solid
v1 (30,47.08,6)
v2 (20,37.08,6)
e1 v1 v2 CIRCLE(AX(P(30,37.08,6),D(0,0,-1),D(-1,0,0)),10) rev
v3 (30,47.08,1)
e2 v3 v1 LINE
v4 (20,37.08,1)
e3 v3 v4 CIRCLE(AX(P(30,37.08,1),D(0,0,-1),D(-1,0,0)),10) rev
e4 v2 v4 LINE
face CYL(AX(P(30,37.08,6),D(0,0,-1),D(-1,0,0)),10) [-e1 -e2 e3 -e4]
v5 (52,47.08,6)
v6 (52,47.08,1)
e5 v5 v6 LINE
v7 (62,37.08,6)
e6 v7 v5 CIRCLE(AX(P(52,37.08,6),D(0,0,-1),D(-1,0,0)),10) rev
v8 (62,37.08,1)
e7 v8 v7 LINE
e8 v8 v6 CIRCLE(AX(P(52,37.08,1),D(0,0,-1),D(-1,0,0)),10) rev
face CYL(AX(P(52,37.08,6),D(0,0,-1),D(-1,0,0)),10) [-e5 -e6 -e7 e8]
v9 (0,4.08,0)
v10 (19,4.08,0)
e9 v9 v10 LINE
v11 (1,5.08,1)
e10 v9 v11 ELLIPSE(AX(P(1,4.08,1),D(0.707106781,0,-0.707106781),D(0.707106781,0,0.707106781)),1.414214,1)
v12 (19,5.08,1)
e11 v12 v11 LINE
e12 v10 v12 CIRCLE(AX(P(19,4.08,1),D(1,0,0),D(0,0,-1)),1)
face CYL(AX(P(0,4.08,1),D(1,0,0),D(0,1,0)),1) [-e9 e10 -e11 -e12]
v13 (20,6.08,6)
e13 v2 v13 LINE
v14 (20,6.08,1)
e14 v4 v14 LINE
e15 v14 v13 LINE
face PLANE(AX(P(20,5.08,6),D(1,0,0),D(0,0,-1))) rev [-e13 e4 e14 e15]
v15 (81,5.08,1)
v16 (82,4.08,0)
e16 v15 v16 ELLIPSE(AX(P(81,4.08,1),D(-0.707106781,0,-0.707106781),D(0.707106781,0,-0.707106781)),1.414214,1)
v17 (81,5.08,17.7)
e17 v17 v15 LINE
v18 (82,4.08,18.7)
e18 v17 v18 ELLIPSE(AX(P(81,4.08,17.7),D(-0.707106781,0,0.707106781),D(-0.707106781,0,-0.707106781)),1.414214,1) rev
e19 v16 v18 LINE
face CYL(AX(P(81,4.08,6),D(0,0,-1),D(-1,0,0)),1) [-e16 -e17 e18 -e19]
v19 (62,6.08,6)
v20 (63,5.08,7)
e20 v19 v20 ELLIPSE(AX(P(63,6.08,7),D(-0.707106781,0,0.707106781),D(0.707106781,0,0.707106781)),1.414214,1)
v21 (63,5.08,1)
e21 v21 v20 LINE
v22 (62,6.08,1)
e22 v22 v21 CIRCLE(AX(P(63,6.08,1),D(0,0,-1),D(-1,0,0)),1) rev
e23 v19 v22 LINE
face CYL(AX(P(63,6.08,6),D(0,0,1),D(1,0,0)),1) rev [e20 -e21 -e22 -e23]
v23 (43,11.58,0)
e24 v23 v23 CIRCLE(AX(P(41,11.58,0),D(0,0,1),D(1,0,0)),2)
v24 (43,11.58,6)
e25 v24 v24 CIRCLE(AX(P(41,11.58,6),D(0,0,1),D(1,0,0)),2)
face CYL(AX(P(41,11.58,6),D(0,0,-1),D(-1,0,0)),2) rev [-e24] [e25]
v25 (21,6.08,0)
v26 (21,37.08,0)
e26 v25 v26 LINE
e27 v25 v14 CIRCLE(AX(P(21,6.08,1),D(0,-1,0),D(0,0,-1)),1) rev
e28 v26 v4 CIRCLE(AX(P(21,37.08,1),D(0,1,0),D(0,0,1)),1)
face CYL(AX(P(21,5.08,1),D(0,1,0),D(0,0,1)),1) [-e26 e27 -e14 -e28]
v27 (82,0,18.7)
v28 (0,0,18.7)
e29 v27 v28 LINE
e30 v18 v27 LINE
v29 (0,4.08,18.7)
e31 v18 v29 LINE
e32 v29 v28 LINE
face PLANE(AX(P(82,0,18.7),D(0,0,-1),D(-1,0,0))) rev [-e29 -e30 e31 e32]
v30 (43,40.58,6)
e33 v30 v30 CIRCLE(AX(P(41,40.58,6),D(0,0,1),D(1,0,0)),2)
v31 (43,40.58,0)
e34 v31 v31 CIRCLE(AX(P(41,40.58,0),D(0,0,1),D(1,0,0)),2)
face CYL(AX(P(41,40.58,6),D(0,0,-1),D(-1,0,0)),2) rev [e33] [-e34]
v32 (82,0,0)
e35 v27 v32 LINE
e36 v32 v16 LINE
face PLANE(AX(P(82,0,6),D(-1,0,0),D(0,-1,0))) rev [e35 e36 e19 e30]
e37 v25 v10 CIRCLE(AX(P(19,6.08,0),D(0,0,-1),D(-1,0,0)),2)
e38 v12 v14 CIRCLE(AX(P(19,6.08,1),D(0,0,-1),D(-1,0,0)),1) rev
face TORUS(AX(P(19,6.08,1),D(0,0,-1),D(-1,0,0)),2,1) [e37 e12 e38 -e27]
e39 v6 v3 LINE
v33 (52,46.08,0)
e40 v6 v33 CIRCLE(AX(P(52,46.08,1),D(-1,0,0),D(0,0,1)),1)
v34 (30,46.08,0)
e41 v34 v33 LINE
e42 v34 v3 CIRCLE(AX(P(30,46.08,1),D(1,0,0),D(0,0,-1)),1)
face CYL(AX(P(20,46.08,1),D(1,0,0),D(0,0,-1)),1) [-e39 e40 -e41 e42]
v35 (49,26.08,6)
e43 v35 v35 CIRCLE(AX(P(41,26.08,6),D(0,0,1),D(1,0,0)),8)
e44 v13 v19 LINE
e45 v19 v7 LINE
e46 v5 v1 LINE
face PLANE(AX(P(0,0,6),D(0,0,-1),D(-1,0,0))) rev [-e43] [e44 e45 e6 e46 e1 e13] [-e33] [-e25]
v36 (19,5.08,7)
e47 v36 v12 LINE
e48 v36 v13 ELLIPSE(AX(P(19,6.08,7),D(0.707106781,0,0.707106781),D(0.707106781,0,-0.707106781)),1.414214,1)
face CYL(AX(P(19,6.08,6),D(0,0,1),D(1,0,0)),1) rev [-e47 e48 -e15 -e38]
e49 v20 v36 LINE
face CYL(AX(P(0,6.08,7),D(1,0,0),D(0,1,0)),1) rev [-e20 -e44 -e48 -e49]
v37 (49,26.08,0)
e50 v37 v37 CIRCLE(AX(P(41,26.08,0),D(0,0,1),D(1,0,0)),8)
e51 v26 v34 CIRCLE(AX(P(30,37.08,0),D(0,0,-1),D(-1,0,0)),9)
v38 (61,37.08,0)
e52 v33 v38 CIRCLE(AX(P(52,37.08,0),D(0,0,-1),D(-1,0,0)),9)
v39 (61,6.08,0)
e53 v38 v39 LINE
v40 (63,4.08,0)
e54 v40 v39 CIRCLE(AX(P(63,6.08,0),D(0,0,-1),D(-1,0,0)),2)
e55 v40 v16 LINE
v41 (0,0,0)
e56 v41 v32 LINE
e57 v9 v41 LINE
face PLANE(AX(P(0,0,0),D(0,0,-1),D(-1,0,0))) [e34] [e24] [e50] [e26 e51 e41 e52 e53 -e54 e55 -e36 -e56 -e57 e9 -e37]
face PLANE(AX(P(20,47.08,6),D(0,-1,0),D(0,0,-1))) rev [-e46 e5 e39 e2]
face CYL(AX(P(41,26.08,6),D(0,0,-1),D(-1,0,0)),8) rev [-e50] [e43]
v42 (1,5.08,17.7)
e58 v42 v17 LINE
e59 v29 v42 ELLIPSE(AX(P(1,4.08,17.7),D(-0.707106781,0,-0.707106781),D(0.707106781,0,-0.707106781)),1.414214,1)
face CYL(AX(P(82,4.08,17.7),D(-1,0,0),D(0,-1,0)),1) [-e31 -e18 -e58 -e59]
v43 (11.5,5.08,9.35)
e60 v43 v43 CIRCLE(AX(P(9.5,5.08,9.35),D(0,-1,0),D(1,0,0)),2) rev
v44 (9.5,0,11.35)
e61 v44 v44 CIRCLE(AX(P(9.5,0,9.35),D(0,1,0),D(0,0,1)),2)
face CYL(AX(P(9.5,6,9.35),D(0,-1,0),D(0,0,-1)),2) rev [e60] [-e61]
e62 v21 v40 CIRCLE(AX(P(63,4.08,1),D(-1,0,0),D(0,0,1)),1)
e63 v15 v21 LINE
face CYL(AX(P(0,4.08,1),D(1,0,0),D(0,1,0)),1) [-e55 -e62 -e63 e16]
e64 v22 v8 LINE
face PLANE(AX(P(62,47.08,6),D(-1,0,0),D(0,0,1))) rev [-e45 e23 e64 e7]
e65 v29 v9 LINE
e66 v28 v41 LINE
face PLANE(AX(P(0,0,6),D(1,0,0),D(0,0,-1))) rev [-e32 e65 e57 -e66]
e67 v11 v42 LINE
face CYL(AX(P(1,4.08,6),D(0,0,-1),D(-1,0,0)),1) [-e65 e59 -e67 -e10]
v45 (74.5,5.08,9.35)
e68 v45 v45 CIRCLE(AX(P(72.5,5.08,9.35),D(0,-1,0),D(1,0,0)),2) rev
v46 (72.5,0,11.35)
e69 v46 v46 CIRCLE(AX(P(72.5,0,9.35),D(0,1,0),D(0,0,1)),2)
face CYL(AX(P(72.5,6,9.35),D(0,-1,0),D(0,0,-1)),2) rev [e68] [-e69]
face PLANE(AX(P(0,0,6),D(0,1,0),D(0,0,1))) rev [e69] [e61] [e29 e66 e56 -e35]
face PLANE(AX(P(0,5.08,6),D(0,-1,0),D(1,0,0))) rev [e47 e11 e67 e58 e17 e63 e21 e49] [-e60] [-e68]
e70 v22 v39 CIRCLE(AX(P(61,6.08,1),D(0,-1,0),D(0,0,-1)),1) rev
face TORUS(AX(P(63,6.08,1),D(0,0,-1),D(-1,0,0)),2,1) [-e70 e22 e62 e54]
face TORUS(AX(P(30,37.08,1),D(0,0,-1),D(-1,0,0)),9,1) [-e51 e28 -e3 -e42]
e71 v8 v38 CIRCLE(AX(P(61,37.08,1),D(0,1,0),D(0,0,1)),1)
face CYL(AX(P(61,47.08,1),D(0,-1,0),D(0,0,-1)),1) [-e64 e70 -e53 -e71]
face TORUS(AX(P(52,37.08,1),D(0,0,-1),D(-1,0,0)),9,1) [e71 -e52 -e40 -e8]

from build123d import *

# Parameters (mm, degrees)
SKETCH1_R           = 2
SKETCH1_R_2         = 8
BOSS_EXTRUDE1_DEPTH = 6
SKETCH2_W           = 12.7
SKETCH2_H           = 5.08
BOSS_EXTRUDE2_DEPTH = 82
FILLET1_R           = 10
FILLET2_R           = 10
FILLET4_R           = 1
SKETCH3_R           = 2
CUT_EXTRUDE1_DEPTH  = 6


with BuildPart() as part:
    # Sketch1 → Boss-Extrude1 (new body)
    with BuildSketch(Plane.XY):
        Polygon((0, 0), (82, 0), (82, 5.08), (62, 5.08), (62, 47.08), (20, 47.08), (20, 5.08), (0, 5.08), align=None)
        with Locations((41, 40.58)):
            Circle(SKETCH1_R, mode=Mode.SUBTRACT)
        with Locations((41, 11.58)):
            Circle(SKETCH1_R, mode=Mode.SUBTRACT)
        with Locations((41, 26.08)):
            Circle(SKETCH1_R_2, mode=Mode.SUBTRACT)
    extrude(amount=BOSS_EXTRUDE1_DEPTH)

    # Sketch2 → Boss-Extrude2 (add, through all)
    with BuildSketch(Plane(origin=(0, 0, 0), x_dir=(0, 0, -1), z_dir=(1, 0, 0))):
        with Locations((-12.35, 2.54)):
            Rectangle(SKETCH2_W, SKETCH2_H)
    extrude(amount=BOSS_EXTRUDE2_DEPTH)

    # Fillet1
    fillet1_edges = [part.edges().sort_by_distance(p)[0] for p in [
        (20, 47.08, 3),
    ]]
    fillet(fillet1_edges, radius=FILLET1_R)

    # Fillet2
    fillet2_edges = [part.edges().sort_by_distance(p)[0] for p in [
        (62, 47.08, 3),
    ]]
    fillet(fillet2_edges, radius=FILLET2_R)

    # Fillet4
    fillet4_edges = [part.edges().sort_by_distance(p)[0] for p in [
        (0, 5.08, 9.35),
        (20, 5.08, 3),
        (62, 5.08, 3),
        (82, 5.08, 9.35),
        (41, 5.08, 6),
        (41, 5.08, 18.7),
        (20, 21.08, 0),
        (22.928932188, 44.151067812, 0),
        (41, 47.08, 0),
        (59.071067812, 44.151067812, 0),
        (10, 5.08, 0),
        (62, 21.08, 0),
        (72, 5.08, 0),
    ]]
    fillet(fillet4_edges, radius=FILLET4_R)

    # Sketch3 → Cut-Extrude1 (cut)
    with BuildSketch(Plane(origin=(0, 0, 0), x_dir=(1, 0, 0), z_dir=(0, 1, 0))):
        with Locations((9.5, -9.35)):
            Circle(SKETCH3_R)
        with Locations((72.5, -9.35)):
            Circle(SKETCH3_R)
    extrude(amount=CUT_EXTRUDE1_DEPTH, mode=Mode.SUBTRACT)


solid = part.part
